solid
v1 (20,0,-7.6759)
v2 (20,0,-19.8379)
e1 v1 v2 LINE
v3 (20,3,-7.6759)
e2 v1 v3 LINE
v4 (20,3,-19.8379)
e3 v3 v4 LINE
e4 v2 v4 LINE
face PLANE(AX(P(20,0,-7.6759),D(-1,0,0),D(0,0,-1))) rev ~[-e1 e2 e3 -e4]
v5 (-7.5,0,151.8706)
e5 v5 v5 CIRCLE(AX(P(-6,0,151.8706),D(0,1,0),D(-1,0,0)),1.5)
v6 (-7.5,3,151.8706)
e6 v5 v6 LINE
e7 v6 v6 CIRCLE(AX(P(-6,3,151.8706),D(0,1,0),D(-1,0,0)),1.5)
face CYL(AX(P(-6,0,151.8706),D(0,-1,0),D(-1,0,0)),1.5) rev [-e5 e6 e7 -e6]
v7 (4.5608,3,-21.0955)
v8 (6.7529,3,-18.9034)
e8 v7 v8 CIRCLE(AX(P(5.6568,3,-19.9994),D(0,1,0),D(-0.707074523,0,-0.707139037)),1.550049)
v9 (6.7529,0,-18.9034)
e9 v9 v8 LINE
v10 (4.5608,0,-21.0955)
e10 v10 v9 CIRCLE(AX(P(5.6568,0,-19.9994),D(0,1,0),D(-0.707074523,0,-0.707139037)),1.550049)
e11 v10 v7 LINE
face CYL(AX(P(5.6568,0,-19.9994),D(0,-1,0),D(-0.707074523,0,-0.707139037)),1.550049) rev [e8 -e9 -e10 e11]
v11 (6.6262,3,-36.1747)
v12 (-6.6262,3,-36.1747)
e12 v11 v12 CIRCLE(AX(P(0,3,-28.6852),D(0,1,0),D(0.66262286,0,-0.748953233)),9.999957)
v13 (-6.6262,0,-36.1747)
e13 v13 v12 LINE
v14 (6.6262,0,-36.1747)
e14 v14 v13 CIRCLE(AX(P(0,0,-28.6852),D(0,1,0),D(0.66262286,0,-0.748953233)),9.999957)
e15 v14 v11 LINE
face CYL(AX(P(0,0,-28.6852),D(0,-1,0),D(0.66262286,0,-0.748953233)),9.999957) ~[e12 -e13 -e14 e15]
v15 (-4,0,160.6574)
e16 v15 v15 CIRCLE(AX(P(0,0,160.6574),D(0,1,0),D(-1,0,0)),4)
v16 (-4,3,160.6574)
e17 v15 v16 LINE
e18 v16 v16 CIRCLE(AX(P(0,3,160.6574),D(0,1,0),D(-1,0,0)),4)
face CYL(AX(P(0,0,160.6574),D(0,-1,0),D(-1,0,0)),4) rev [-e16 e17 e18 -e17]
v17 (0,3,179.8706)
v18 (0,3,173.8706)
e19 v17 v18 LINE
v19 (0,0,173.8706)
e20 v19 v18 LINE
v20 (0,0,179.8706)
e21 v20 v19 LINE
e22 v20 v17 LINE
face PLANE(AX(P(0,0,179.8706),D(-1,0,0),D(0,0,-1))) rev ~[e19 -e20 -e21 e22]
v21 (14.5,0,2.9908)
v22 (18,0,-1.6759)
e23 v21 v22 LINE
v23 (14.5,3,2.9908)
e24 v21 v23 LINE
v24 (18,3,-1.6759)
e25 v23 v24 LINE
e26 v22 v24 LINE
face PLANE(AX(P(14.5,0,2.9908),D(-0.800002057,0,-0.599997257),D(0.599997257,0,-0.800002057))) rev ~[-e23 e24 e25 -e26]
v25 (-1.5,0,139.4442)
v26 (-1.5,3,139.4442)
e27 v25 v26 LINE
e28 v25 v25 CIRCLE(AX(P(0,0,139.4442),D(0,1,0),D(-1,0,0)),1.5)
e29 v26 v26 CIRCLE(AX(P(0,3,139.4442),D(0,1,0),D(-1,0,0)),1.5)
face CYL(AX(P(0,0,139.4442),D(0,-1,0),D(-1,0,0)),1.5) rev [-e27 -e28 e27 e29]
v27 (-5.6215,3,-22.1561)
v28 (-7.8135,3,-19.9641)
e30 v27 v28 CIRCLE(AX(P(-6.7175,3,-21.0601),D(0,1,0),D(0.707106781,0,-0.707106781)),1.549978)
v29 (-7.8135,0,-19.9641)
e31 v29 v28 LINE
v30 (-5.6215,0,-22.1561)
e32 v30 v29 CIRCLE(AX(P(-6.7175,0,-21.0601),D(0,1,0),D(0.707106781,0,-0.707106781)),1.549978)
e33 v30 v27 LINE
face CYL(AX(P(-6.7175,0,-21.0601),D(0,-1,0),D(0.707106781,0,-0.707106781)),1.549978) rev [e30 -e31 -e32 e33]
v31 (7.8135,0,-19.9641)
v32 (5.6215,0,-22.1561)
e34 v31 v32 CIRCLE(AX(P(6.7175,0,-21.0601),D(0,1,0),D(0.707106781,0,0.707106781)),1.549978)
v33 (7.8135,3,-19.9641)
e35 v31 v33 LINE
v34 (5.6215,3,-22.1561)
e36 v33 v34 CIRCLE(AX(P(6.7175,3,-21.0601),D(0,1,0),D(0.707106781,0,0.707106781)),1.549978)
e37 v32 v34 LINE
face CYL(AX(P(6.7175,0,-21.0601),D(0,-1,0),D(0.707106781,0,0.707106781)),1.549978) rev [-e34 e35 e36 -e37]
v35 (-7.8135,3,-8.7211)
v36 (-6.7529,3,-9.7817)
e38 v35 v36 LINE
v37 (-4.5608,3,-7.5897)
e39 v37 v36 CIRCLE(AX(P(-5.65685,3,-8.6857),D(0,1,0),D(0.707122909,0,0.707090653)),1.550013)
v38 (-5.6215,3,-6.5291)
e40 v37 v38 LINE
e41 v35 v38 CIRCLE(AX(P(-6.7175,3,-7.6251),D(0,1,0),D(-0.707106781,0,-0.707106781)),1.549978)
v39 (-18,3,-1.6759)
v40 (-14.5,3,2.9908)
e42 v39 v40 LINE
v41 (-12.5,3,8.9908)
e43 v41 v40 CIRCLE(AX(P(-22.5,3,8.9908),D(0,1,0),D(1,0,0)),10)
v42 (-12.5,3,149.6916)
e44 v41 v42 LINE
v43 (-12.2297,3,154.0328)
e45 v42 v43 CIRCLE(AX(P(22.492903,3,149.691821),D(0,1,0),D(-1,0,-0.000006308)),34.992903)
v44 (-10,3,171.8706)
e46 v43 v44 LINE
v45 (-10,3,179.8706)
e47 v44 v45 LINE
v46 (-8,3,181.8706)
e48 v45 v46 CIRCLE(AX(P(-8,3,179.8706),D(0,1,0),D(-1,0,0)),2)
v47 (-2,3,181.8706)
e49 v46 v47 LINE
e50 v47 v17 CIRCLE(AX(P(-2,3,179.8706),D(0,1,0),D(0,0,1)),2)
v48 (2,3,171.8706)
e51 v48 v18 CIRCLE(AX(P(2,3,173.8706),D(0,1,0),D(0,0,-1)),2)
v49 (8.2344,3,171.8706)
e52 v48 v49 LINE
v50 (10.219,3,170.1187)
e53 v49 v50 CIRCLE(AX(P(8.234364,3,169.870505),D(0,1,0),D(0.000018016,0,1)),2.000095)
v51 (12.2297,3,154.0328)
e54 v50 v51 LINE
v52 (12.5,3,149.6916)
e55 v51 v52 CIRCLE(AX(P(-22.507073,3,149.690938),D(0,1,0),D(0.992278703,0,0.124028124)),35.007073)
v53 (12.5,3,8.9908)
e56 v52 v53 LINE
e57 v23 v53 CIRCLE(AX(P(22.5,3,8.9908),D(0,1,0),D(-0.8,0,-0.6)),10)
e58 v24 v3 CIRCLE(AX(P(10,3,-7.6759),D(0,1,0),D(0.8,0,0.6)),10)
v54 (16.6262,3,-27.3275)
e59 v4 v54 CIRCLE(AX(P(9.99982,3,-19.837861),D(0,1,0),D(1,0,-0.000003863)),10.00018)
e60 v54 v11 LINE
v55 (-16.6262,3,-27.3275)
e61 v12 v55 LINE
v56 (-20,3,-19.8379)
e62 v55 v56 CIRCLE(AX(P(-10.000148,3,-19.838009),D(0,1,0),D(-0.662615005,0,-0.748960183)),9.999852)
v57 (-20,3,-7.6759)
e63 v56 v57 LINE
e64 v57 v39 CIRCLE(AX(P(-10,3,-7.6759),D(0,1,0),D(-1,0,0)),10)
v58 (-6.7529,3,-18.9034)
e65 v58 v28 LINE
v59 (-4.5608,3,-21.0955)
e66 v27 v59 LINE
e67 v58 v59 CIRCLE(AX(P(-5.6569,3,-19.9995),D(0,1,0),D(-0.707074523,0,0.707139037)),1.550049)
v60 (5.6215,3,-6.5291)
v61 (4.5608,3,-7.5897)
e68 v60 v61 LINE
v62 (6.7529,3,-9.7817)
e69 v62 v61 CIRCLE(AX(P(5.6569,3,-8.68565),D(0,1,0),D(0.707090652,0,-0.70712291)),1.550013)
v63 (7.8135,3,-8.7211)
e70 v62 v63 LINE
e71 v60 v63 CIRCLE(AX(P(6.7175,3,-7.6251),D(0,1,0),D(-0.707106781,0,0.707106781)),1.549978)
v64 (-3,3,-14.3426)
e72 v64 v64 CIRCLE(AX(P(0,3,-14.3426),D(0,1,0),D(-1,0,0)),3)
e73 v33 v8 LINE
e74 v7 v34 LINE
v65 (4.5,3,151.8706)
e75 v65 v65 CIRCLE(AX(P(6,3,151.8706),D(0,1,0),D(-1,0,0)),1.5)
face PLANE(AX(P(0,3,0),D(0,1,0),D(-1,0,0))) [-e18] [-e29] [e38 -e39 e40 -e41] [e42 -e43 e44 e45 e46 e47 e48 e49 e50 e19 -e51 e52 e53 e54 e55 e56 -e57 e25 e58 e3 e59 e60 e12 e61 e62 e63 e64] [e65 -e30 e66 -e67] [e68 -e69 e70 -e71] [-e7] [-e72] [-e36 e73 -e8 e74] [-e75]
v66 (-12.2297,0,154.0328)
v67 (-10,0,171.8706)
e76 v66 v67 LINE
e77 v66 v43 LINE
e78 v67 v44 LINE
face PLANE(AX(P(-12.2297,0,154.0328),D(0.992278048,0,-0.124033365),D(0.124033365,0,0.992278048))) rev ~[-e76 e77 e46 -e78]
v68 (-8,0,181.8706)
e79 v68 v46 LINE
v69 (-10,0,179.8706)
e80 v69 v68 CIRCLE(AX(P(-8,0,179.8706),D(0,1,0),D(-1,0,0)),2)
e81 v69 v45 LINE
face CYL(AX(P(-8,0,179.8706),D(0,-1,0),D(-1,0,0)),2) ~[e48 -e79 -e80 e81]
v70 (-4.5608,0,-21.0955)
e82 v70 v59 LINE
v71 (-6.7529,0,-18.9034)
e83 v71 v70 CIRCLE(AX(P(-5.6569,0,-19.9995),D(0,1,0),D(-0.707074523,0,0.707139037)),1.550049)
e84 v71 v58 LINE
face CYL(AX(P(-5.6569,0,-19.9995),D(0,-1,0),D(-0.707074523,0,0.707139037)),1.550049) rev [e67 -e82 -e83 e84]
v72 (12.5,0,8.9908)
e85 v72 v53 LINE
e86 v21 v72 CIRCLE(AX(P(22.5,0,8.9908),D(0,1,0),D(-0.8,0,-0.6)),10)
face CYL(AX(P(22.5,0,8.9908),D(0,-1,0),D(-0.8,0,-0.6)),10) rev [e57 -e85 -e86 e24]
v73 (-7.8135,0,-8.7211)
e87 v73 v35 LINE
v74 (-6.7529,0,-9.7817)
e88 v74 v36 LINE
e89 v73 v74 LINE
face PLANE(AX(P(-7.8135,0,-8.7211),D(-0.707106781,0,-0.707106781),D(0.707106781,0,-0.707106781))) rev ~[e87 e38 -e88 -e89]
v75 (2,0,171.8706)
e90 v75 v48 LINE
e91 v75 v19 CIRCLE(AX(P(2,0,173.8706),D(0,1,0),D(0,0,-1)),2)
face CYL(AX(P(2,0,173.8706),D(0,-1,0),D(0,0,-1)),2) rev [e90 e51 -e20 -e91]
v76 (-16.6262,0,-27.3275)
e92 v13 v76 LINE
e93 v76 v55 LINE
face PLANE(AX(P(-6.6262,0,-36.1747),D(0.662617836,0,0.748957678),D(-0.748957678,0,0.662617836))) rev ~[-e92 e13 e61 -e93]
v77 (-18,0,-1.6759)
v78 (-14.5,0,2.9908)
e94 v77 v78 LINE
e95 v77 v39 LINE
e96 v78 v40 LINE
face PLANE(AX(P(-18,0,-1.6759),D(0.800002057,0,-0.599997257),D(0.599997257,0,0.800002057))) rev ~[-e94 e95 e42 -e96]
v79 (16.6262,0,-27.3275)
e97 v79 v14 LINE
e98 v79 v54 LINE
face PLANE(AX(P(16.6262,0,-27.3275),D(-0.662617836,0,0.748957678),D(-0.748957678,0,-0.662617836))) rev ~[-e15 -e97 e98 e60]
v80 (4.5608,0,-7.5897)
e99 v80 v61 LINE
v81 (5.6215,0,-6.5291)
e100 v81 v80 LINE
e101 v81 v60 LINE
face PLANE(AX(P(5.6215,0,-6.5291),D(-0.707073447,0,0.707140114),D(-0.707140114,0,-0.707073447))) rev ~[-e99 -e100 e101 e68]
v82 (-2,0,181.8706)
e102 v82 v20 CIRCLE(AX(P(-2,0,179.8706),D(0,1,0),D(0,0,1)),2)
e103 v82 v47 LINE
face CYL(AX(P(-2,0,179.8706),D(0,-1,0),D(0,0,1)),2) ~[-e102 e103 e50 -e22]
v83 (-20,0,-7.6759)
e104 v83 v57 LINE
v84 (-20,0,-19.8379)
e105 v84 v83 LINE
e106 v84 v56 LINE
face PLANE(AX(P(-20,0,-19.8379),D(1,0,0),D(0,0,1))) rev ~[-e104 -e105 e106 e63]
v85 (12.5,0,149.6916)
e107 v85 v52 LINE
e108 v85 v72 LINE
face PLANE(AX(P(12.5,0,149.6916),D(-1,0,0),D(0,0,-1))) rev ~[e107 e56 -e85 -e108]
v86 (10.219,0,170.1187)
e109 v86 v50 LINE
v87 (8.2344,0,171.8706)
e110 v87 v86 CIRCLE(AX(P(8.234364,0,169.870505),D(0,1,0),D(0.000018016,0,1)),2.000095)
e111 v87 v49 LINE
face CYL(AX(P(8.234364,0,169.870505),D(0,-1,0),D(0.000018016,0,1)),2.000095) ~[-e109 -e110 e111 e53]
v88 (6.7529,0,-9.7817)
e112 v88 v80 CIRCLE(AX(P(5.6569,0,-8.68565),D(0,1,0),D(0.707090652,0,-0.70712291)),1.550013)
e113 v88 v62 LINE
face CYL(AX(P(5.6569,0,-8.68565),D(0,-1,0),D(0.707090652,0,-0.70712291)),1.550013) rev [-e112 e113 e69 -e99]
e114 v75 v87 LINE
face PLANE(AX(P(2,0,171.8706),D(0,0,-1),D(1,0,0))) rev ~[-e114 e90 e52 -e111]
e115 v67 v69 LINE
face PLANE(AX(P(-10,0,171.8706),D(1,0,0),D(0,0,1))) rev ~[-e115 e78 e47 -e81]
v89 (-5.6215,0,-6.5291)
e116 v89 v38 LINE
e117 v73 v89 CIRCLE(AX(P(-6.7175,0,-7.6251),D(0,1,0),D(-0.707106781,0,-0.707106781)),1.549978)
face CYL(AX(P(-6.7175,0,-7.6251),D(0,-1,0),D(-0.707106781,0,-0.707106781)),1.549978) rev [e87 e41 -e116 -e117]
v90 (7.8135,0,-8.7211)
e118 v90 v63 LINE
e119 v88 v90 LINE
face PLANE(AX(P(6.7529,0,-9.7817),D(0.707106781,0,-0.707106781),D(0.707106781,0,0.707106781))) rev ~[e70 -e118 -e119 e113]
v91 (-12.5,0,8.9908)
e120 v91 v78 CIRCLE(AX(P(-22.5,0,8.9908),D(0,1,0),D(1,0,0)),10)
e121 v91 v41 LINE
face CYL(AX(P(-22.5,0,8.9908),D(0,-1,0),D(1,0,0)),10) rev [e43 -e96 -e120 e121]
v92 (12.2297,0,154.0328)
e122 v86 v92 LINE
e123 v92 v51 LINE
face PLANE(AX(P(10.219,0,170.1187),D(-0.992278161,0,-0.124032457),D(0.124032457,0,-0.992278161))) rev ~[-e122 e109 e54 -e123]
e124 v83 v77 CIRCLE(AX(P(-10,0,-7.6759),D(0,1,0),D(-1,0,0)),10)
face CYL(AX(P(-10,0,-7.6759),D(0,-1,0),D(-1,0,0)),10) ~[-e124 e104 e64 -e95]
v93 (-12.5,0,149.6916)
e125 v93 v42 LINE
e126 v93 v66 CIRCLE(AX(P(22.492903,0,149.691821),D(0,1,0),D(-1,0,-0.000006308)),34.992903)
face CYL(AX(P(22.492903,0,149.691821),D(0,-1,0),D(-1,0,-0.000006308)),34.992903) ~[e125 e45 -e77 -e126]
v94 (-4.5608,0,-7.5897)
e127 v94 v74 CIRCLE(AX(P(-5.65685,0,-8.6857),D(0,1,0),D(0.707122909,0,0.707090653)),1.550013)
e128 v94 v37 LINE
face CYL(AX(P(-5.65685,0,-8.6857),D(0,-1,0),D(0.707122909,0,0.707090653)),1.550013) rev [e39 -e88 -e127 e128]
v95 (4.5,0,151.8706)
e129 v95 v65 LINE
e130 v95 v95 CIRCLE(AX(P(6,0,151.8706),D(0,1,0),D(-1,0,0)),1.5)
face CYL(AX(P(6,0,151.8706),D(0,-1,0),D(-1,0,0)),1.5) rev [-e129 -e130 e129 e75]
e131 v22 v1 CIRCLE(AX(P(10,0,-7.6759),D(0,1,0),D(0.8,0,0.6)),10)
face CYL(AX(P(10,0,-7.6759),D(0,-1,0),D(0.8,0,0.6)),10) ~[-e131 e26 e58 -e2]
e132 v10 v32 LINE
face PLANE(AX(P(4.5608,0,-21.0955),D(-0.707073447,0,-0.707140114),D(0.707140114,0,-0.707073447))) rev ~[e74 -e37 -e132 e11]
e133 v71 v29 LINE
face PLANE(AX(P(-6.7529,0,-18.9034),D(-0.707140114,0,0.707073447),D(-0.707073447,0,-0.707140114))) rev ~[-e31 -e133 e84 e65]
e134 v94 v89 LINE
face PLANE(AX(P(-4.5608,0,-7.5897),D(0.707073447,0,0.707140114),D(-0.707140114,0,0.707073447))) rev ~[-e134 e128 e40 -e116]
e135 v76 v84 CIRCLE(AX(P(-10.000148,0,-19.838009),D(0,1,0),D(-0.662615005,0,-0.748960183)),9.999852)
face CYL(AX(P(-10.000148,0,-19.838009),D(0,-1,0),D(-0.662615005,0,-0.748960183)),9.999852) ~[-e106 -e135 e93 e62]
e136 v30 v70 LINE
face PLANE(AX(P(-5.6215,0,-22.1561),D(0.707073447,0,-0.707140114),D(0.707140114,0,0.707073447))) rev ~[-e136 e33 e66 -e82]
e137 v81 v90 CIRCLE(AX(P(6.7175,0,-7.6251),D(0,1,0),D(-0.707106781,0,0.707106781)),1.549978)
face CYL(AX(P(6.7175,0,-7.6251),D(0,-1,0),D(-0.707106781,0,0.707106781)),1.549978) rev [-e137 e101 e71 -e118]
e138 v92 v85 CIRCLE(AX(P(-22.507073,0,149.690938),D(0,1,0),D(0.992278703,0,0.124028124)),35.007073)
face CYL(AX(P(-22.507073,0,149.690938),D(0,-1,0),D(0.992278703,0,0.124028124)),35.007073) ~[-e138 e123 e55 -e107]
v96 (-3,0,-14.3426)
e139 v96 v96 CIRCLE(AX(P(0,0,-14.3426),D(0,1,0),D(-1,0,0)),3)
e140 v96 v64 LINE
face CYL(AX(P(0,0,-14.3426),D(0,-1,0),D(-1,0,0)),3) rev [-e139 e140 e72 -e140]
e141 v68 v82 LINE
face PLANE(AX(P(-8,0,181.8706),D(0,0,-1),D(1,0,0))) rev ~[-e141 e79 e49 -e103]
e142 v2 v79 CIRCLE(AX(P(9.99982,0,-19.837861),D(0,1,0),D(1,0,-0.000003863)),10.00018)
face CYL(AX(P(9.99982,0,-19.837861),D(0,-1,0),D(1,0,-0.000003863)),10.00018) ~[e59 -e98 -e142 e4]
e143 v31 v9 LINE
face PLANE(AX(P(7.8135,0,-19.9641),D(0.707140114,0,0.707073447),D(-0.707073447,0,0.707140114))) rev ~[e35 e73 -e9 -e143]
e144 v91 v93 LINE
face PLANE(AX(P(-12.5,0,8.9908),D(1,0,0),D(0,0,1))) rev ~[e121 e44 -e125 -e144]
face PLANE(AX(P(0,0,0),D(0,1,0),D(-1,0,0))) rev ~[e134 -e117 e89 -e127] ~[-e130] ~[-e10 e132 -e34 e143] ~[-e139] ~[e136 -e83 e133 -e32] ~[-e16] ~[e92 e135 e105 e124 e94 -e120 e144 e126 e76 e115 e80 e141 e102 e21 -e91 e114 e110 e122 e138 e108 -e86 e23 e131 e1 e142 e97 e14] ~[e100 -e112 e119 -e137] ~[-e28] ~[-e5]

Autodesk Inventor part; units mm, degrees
ref_plane "YZ Plane" through (0, 0, 0) normal (1, 0, 0) x (0, 1, 0)
ref_plane "XZ Plane" through (0, 0, 0) normal (0, 1, 0) x (-1, 0, 0)
ref_plane "XY Plane" through (0, 0, 0) normal (0, 0, 1) x (1, 0, 0)
sketch "Sketch3" plane through (0, 0, 0) normal (0, 1, 0) x (-1, 0, 0)
  line L0 (6.6262, -36.1747) -> (16.6262, -27.3275)
  arc A0 (16.6262, -27.3275) -> (20, -19.8379) centre (10, -19.8379) ccw
  line L1 (20, -19.8379) -> (20, -7.6759)
  arc A1 (20, -7.6759) -> (18, -1.6759) centre (10, -7.6759) ccw
  line L2 (18, -1.6759) -> (14.5, 2.9908)
  arc A2 (12.5, 8.9908) -> (14.5, 2.9908) centre (22.5, 8.9908) ccw
  arc A3 (-14.5, 2.9908) -> (-12.5, 8.9908) centre (-22.5, 8.9908) ccw
  line L3 (-14.5, 2.9908) -> (-18, -1.6759)
  arc A4 (-18, -1.6759) -> (-20, -7.6759) centre (-10, -7.6759) ccw
  line L4 (-20, -7.6759) -> (-20, -19.8379)
  arc A5 (-20, -19.8379) -> (-16.6262, -27.3275) centre (-10, -19.8379) ccw
  line L5 (-16.6262, -27.3275) -> (-6.6262, -36.1747)
  arc A6 (-6.6262, -36.1747) -> (6.6262, -36.1747) centre (0, -28.6852) ccw
  line L6 (-7.8135, -19.9641) -> (-6.7529, -18.9034)
  arc A7 (-4.5608, -21.0955) -> (-6.7529, -18.9034) centre (-5.6569, -19.9994) ccw
  line L7 (-4.5608, -21.0955) -> (-5.6215, -22.1561)
  arc A8 (-7.8135, -19.9641) -> (-5.6215, -22.1561) centre (-6.7175, -21.0601) ccw
  arc A9 (5.6215, -22.1561) -> (7.8135, -19.9641) centre (6.7175, -21.0601) ccw
  line L8 (5.6215, -22.1561) -> (4.5608, -21.0955)
  arc A10 (6.7529, -18.9034) -> (4.5608, -21.0955) centre (5.6569, -19.9994) ccw
  line L9 (6.7529, -18.9034) -> (7.8135, -19.9641)
  arc A11 (-6.7529, -9.7817) -> (-4.5608, -7.5897) centre (-5.6569, -8.6857) ccw
  line L10 (-6.7529, -9.7817) -> (-7.8135, -8.7211)
  arc A12 (-5.6215, -6.5291) -> (-7.8135, -8.7211) centre (-6.7175, -7.6251) ccw
  line L11 (-5.6215, -6.5291) -> (-4.5608, -7.5897)
  arc A13 (7.8135, -8.7211) -> (5.6215, -6.5291) centre (6.7175, -7.6251) ccw
  line L12 (7.8135, -8.7211) -> (6.7529, -9.7817)
  arc A14 (4.5608, -7.5897) -> (6.7529, -9.7817) centre (5.6569, -8.6857) ccw
  line L13 (4.5608, -7.5897) -> (5.6215, -6.5291)
  circle A15 centre (0, -14.3426) radius 3
  line L14 (-12.5, 8.9908) -> (12.5, 8.9908) construction
  arc A16 (12.5, 149.6916) -> (12.2297, 154.0328) centre (-22.5, 149.6916) ccw
  line L15 (12.2297, 154.0328) -> (10, 171.8706)
  line L16 (10, 171.8706) -> (10, 179.8706)
  arc A17 (10, 179.8706) -> (8, 181.8706) centre (8, 179.8706) ccw
  line L17 (8, 181.8706) -> (2, 181.8706)
  arc A18 (2, 181.8706) -> (0, 179.8706) centre (2, 179.8706) ccw
  line L18 (0, 179.8706) -> (0, 173.8706)
  arc A19 (-2, 171.8706) -> (0, 173.8706) centre (-2, 173.8706) ccw
  line L19 (-2, 171.8706) -> (-8.2344, 171.8706)
  arc A20 (-8.2344, 171.8706) -> (-10.219, 170.1187) centre (-8.2344, 169.8706) ccw
  line L20 (-10.219, 170.1187) -> (-12.2297, 154.0328)
  arc A21 (-12.2297, 154.0328) -> (-12.5, 149.6916) centre (22.5, 149.6916) ccw
  circle A22 centre (6, 151.8706) radius 1.5
  circle A23 centre (-6, 151.8706) radius 1.5
  circle A24 centre (0, 139.4442) radius 1.5
  circle A25 centre (0, 160.6574) radius 4
  line L21 (-12.5, 149.6916) -> (12.5, 149.6916) construction
  line L22 (0, -14.3426) -> (0, 160.6574) construction
  line L23 (12.5, 8.9908) -> (12.5, 149.6916)
  line L24 (-12.5, 149.6916) -> (-12.5, 8.9908)
  dimension "d4" = 21.2132
  dimension "d7" = 12
  dimension "d10" = 175
extrude "Extrusion1" add sketch "Sketch3" along normal blind 3
sketch "Sketch4" plane through (0, 3, 0) normal (0, 1, 0) x (1, 0, 0)
  circle A0 centre (0, 14.3426) radius 3 construction
  circle A1 centre (0, 14.3426) radius 88.9 construction
  circle A2 centre (0, -160.6574) radius 4 projected
  point P0 (0, 0)
  dimension "d9" = 177.8
  dimension "d11" = 175
sketch "Sketch5" plane through (0, 3, 0) normal (0, 1, 0) x (1, 0, 0)
  line L0 (-18, 1.6759) -> (-14.5, -2.9908) projected
  arc A0 (-12.5, -8.9908) -> (-14.5, -2.9908) centre (-22.5, -8.9908) ccw projected
  line L1 (-12.5, -8.9908) -> (-12.5, -149.6916) projected
  line L2 (14.5, -2.9908) -> (18, 1.6759) projected
  arc A1 (14.5, -2.9908) -> (12.5, -8.9908) centre (22.5, -8.9908) ccw projected
  line L3 (12.5, -149.6916) -> (12.5, -8.9908) projected
  circle A2 centre (0, 14.3426) radius 3 construction
  circle A3 centre (0, -139.4442) radius 1.5 construction
  line L4 (0, 14.3426) -> (0, -139.4442) construction
  line L5 (7.5, 14.3426) -> (7.5, -139.4442)
  line L6 (-7.5, 14.3426) -> (-7.5, -139.4442)
  arc A4 (14.5, -2.9908) -> (12.5, -8.9908) centre (22.5, -8.9908) ccw projected
  line L7 (14.5, -2.9908) -> (5.7311, -14.6826)
  arc A5 (-12.5, -8.9908) -> (-14.5, -2.9908) centre (-22.5, -8.9908) ccw projected
  line L8 (-14.5, -2.9908) -> (-5.817, -14.5681)
  circle A6 centre (0, 14.3426) radius 88.9 construction
  line L9 (7.5, -74.2405) -> (12.5, -80.9071)
  line L10 (-7.5, -74.2405) -> (-12.5, -80.9071)
  point P0 (0, 0)
  point P1 (7.5, -12.3241)
  point P2 (-7.5, -12.3241)
  dimension "d12" = 7.5
  dimension "d13" = 7.5
  dimension "d14" = 143.13
  dimension "d15" = 143.13
  dimension "d16" = 143.13
extrude "Extrusion2" [suppressed]
fillet "Fillet1" [suppressed]
properties part number "Kauri arm long"
